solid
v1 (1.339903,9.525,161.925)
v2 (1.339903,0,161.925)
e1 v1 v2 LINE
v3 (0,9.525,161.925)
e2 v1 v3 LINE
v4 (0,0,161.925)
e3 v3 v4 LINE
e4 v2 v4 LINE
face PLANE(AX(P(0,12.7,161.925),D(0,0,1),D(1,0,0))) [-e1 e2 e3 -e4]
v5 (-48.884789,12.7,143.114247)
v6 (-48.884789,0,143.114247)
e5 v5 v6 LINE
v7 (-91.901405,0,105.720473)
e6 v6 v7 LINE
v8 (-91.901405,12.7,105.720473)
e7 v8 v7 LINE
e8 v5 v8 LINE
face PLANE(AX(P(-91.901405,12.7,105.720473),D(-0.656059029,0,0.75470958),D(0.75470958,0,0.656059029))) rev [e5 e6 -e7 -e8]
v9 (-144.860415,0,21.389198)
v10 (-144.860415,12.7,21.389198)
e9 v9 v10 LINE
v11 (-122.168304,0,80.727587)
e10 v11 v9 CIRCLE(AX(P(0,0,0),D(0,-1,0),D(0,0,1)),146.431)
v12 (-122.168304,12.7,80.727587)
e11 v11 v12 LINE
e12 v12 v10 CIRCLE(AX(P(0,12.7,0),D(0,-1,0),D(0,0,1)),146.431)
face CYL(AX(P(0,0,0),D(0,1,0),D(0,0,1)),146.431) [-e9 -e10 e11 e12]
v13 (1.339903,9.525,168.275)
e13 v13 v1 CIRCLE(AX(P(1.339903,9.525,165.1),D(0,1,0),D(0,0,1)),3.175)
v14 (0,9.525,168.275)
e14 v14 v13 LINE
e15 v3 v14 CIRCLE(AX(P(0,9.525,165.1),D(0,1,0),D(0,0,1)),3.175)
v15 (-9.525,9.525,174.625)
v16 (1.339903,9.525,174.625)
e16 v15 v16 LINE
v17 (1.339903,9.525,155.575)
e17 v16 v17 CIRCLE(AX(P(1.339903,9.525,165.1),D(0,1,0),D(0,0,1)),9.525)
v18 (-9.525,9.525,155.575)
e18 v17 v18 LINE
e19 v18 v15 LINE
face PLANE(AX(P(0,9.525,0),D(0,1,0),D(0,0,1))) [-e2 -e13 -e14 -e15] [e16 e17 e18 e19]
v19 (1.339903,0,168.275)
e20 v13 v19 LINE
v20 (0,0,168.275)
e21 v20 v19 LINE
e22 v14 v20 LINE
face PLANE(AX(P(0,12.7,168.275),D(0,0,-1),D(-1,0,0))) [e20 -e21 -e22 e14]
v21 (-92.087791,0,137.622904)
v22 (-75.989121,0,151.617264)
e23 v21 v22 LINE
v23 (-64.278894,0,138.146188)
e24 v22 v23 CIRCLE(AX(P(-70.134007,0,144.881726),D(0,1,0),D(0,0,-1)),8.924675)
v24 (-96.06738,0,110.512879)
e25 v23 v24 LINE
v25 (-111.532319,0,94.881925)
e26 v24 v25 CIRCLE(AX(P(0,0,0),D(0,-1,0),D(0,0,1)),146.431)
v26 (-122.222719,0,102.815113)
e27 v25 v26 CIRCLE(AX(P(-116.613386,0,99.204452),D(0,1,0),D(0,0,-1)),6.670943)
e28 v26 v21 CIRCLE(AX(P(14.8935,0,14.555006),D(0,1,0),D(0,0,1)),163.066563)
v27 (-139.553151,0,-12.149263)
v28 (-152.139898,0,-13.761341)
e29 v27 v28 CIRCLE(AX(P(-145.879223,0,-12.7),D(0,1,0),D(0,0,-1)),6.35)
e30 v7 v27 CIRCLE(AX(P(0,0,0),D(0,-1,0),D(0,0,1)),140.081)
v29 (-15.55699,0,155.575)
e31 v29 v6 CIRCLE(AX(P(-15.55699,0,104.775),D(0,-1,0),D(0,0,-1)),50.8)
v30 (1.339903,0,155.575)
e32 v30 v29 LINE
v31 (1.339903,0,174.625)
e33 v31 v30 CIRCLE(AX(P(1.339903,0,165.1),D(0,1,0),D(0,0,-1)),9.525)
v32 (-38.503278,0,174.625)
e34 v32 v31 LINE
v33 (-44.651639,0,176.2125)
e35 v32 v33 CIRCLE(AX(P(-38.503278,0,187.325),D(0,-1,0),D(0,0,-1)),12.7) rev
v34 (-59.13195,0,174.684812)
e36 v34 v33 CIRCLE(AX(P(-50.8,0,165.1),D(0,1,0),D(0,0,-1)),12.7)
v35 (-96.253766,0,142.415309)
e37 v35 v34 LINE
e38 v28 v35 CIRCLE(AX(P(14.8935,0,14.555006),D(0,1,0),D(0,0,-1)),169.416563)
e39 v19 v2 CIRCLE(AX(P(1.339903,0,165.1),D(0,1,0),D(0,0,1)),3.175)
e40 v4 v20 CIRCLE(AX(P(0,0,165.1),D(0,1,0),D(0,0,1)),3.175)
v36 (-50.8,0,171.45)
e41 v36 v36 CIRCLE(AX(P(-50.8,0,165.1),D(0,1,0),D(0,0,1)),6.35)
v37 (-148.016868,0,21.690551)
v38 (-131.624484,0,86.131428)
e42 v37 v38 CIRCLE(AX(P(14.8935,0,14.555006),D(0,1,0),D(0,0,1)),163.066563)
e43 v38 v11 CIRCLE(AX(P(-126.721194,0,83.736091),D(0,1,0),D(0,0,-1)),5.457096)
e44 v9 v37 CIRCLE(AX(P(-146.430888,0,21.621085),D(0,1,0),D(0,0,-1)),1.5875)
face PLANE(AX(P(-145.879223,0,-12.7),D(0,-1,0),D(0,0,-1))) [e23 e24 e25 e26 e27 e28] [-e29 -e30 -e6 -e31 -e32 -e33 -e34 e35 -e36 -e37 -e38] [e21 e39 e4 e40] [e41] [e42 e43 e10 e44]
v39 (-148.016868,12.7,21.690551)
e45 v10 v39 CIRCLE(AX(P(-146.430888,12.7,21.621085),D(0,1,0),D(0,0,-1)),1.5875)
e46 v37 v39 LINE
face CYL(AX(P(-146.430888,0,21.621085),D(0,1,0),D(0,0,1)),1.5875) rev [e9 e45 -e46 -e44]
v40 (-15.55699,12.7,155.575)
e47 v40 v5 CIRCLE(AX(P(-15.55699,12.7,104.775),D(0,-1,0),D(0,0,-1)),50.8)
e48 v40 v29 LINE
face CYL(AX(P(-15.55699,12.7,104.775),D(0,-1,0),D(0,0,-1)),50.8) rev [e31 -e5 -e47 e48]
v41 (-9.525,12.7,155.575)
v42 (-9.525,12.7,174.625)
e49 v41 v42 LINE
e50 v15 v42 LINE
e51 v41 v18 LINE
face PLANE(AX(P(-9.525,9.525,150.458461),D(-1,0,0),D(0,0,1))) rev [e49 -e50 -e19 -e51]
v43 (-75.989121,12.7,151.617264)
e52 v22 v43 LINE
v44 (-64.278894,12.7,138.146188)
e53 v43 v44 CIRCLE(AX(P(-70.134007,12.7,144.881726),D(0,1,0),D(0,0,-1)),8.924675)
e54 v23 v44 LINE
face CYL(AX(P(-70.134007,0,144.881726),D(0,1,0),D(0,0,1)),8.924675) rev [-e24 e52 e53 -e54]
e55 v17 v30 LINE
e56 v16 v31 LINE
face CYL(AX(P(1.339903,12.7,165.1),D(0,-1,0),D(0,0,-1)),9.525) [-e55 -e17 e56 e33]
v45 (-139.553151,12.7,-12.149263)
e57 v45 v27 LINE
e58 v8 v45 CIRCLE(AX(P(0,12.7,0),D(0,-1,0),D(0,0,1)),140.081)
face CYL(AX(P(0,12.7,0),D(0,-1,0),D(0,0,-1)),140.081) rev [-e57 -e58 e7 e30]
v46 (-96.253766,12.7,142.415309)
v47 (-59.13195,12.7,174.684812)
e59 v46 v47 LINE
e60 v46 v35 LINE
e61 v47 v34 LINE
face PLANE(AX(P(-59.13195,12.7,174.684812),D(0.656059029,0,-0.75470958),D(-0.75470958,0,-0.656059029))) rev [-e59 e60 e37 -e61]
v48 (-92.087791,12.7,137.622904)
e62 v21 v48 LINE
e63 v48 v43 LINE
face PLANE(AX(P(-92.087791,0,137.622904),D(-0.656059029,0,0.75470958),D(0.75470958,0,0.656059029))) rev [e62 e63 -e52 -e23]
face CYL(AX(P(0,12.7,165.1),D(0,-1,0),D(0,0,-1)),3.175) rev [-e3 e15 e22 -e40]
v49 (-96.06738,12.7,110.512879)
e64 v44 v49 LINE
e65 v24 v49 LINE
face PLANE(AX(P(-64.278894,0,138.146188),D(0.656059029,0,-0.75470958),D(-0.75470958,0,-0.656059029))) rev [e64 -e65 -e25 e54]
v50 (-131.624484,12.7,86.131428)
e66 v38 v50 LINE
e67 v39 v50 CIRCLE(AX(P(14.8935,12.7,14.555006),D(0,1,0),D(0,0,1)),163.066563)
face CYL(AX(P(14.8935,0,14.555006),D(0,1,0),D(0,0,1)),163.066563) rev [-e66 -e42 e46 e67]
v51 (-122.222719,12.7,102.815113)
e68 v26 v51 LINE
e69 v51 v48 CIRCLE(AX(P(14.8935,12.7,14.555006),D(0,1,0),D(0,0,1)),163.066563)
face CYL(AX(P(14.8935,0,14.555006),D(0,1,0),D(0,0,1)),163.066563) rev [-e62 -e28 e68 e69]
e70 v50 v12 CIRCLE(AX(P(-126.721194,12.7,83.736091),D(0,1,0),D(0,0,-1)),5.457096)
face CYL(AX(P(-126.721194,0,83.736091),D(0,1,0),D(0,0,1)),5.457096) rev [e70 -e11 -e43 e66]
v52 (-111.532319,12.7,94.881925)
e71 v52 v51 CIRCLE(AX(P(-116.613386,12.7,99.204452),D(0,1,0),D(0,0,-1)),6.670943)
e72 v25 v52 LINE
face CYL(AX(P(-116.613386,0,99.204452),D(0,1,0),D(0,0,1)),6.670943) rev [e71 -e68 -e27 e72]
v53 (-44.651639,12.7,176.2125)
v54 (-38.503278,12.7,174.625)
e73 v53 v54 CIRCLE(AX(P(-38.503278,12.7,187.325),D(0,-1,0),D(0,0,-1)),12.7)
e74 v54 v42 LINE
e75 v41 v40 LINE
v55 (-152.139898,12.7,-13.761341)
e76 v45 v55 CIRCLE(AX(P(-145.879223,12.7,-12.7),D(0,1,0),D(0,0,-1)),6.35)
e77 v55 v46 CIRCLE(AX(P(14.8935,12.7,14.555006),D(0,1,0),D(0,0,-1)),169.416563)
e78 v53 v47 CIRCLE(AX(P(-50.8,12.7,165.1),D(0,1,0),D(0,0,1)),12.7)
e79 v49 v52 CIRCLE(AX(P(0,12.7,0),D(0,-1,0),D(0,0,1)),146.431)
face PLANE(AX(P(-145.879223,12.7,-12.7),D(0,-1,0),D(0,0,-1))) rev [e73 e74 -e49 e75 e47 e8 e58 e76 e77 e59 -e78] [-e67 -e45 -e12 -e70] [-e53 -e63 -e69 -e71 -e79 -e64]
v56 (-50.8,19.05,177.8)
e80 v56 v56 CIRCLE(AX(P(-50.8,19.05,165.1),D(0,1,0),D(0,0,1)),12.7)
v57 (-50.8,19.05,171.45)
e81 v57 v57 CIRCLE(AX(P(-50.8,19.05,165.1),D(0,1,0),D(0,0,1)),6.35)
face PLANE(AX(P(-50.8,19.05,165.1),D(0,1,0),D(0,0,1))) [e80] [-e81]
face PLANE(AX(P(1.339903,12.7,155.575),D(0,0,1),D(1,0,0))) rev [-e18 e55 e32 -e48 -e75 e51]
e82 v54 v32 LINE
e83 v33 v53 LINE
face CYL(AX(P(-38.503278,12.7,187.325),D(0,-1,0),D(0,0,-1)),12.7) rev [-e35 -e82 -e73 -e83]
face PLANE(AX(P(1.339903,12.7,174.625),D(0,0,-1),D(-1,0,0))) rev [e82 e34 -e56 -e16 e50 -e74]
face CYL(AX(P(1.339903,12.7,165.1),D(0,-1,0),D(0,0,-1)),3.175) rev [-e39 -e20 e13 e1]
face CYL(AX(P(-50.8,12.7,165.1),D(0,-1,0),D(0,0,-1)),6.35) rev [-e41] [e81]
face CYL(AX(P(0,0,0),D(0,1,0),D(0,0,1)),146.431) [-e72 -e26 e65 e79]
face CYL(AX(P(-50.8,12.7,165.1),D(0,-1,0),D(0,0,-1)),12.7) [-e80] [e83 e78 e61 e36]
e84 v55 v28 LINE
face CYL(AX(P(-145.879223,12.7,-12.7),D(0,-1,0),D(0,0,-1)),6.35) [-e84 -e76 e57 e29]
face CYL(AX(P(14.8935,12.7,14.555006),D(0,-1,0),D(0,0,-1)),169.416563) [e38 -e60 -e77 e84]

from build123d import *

# Parameters (mm, degrees)
SKETCH1_R           = 6.35
BOSS_EXTRUDE1_DEPTH = 12.7
CUT_EXTRUDE2_DEPTH  = 13.7
FILLET1_R           = 12.7
SKETCH4_R           = 12.7
SKETCH4_R_2         = 6.35
BOSS_EXTRUDE2_DEPTH = 6.35
SKETCH2_W           = 27.073872012
SKETCH2_H           = 29.596885175
CUT_EXTRUDE1_DEPTH  = 3.175


with BuildPart() as part:
    # Sketch1 → Boss-Extrude1 (new body)
    with BuildSketch(Plane(origin=(0, 0, 0), x_dir=(1, 0, 0), z_dir=(0, 1, 0))):
        with BuildLine():
            Line((1.339902706, -174.625), (-42.399739587, -174.625))
            ThreePointArc((-42.399739587, -174.625), (-50.754602331, -177.79991886), (-59.131949668, -174.684811669))
            Line((-59.131949668, -174.684811669), (-96.253765638, -142.415309363))
            ThreePointArc((-96.253765638, -142.415309363), (-144.617963608, -71.634466036), (-152.13989844, 13.761341376))
            ThreePointArc((-152.13989844, 13.761341376), (-145.072520944, 18.99854995), (-139.553151074, 12.149262793))
            ThreePointArc((-139.553151074, 12.149262793), (-129.869632709, -52.503000495), (-91.90140484, -105.720472707))
            Line((-91.90140484, -105.720472707), (-48.88478864, -143.114246675))
            ThreePointArc((-48.88478864, -143.114246675), (-33.347524936, -152.357947214), (-15.556989968, -155.575))
            Line((-15.556989968, -155.575), (1.339902706, -155.575))
            ThreePointArc((1.339902706, -155.575), (10.864902706, -165.1), (1.339902706, -174.625))
        make_face()
        with Locations((-50.8, -165.1)):
            Circle(SKETCH1_R, mode=Mode.SUBTRACT)
        with BuildLine():
            Line((0, -161.925), (1.339902706, -161.925))
            ThreePointArc((1.339902706, -161.925), (4.514902706, -165.1), (1.339902706, -168.275))
            Line((1.339902706, -168.275), (0, -168.275))
            ThreePointArc((0, -168.275), (-3.175, -165.1), (0, -161.925))
        make_face(mode=Mode.SUBTRACT)
    extrude(amount=BOSS_EXTRUDE1_DEPTH)

    # Sketch3 → Cut-Extrude2 (cut, through all)
    with BuildSketch(Plane(origin=(0, 12.7, 0), x_dir=(1, 0, 0), z_dir=(0, 1, 0))):
        with BuildLine():
            Line((-64.278893585, -138.146187914), (-96.067379674, -110.512878542))
            ThreePointArc((-96.067379674, -110.512878542), (-104.093661598, -102.988093371), (-111.532318829, -94.88192461))
            ThreePointArc((-111.532318829, -94.88192461), (-120.588765116, -93.847414192), (-122.222718656, -102.815113283))
            ThreePointArc((-122.222718656, -102.815113283), (-108.389889378, -121.287896312), (-92.087790804, -137.622903528))
            Line((-92.087790804, -137.622903528), (-75.989121055, -151.617263638))
            ThreePointArc((-75.989121055, -151.617263638), (-63.398469458, -150.736839511), (-64.278893585, -138.146187914))
        make_face()
        with BuildLine():
            ThreePointArc((-122.168303836, -80.727586976), (-124.013598755, -88.474110491), (-131.62448434, -86.131428157))
            ThreePointArc((-131.62448434, -86.131428157), (-143.140144863, -54.755391727), (-148.016867664, -21.690551276))
            ThreePointArc((-148.016867664, -21.690551276), (-146.581764091, -20.040770563), (-144.860415421, -21.389198324))
            ThreePointArc((-144.860415421, -21.389198324), (-136.771142128, -52.303847297), (-122.168303836, -80.727586976))
        make_face()
    extrude(amount=-CUT_EXTRUDE2_DEPTH, mode=Mode.SUBTRACT)

    # Fillet1
    fillet1_edges = [part.edges().sort_by_distance(p)[0] for p in [
        (-42.399739587, 6.35, 174.625),
    ]]
    fillet(fillet1_edges, radius=FILLET1_R)

    # Sketch4 → Boss-Extrude2 (add)
    with BuildSketch(Plane(origin=(0, 12.7, 0), x_dir=(1, 0, 0), z_dir=(0, 1, 0))):
        with Locations((-50.8, -165.1)):
            Circle(SKETCH4_R)
        with Locations((-50.8, -165.1)):
            Circle(SKETCH4_R_2, mode=Mode.SUBTRACT)
    extrude(amount=BOSS_EXTRUDE2_DEPTH)

    # Sketch2 → Cut-Extrude1 (cut)
    with BuildSketch(Plane(origin=(0, 12.7, 0), x_dir=(1, 0, 0), z_dir=(0, 1, 0))):
        with Locations((4.011936006, -165.256904056)):
            Rectangle(SKETCH2_W, SKETCH2_H)
    extrude(amount=-CUT_EXTRUDE1_DEPTH, mode=Mode.SUBTRACT)


solid = part.part
